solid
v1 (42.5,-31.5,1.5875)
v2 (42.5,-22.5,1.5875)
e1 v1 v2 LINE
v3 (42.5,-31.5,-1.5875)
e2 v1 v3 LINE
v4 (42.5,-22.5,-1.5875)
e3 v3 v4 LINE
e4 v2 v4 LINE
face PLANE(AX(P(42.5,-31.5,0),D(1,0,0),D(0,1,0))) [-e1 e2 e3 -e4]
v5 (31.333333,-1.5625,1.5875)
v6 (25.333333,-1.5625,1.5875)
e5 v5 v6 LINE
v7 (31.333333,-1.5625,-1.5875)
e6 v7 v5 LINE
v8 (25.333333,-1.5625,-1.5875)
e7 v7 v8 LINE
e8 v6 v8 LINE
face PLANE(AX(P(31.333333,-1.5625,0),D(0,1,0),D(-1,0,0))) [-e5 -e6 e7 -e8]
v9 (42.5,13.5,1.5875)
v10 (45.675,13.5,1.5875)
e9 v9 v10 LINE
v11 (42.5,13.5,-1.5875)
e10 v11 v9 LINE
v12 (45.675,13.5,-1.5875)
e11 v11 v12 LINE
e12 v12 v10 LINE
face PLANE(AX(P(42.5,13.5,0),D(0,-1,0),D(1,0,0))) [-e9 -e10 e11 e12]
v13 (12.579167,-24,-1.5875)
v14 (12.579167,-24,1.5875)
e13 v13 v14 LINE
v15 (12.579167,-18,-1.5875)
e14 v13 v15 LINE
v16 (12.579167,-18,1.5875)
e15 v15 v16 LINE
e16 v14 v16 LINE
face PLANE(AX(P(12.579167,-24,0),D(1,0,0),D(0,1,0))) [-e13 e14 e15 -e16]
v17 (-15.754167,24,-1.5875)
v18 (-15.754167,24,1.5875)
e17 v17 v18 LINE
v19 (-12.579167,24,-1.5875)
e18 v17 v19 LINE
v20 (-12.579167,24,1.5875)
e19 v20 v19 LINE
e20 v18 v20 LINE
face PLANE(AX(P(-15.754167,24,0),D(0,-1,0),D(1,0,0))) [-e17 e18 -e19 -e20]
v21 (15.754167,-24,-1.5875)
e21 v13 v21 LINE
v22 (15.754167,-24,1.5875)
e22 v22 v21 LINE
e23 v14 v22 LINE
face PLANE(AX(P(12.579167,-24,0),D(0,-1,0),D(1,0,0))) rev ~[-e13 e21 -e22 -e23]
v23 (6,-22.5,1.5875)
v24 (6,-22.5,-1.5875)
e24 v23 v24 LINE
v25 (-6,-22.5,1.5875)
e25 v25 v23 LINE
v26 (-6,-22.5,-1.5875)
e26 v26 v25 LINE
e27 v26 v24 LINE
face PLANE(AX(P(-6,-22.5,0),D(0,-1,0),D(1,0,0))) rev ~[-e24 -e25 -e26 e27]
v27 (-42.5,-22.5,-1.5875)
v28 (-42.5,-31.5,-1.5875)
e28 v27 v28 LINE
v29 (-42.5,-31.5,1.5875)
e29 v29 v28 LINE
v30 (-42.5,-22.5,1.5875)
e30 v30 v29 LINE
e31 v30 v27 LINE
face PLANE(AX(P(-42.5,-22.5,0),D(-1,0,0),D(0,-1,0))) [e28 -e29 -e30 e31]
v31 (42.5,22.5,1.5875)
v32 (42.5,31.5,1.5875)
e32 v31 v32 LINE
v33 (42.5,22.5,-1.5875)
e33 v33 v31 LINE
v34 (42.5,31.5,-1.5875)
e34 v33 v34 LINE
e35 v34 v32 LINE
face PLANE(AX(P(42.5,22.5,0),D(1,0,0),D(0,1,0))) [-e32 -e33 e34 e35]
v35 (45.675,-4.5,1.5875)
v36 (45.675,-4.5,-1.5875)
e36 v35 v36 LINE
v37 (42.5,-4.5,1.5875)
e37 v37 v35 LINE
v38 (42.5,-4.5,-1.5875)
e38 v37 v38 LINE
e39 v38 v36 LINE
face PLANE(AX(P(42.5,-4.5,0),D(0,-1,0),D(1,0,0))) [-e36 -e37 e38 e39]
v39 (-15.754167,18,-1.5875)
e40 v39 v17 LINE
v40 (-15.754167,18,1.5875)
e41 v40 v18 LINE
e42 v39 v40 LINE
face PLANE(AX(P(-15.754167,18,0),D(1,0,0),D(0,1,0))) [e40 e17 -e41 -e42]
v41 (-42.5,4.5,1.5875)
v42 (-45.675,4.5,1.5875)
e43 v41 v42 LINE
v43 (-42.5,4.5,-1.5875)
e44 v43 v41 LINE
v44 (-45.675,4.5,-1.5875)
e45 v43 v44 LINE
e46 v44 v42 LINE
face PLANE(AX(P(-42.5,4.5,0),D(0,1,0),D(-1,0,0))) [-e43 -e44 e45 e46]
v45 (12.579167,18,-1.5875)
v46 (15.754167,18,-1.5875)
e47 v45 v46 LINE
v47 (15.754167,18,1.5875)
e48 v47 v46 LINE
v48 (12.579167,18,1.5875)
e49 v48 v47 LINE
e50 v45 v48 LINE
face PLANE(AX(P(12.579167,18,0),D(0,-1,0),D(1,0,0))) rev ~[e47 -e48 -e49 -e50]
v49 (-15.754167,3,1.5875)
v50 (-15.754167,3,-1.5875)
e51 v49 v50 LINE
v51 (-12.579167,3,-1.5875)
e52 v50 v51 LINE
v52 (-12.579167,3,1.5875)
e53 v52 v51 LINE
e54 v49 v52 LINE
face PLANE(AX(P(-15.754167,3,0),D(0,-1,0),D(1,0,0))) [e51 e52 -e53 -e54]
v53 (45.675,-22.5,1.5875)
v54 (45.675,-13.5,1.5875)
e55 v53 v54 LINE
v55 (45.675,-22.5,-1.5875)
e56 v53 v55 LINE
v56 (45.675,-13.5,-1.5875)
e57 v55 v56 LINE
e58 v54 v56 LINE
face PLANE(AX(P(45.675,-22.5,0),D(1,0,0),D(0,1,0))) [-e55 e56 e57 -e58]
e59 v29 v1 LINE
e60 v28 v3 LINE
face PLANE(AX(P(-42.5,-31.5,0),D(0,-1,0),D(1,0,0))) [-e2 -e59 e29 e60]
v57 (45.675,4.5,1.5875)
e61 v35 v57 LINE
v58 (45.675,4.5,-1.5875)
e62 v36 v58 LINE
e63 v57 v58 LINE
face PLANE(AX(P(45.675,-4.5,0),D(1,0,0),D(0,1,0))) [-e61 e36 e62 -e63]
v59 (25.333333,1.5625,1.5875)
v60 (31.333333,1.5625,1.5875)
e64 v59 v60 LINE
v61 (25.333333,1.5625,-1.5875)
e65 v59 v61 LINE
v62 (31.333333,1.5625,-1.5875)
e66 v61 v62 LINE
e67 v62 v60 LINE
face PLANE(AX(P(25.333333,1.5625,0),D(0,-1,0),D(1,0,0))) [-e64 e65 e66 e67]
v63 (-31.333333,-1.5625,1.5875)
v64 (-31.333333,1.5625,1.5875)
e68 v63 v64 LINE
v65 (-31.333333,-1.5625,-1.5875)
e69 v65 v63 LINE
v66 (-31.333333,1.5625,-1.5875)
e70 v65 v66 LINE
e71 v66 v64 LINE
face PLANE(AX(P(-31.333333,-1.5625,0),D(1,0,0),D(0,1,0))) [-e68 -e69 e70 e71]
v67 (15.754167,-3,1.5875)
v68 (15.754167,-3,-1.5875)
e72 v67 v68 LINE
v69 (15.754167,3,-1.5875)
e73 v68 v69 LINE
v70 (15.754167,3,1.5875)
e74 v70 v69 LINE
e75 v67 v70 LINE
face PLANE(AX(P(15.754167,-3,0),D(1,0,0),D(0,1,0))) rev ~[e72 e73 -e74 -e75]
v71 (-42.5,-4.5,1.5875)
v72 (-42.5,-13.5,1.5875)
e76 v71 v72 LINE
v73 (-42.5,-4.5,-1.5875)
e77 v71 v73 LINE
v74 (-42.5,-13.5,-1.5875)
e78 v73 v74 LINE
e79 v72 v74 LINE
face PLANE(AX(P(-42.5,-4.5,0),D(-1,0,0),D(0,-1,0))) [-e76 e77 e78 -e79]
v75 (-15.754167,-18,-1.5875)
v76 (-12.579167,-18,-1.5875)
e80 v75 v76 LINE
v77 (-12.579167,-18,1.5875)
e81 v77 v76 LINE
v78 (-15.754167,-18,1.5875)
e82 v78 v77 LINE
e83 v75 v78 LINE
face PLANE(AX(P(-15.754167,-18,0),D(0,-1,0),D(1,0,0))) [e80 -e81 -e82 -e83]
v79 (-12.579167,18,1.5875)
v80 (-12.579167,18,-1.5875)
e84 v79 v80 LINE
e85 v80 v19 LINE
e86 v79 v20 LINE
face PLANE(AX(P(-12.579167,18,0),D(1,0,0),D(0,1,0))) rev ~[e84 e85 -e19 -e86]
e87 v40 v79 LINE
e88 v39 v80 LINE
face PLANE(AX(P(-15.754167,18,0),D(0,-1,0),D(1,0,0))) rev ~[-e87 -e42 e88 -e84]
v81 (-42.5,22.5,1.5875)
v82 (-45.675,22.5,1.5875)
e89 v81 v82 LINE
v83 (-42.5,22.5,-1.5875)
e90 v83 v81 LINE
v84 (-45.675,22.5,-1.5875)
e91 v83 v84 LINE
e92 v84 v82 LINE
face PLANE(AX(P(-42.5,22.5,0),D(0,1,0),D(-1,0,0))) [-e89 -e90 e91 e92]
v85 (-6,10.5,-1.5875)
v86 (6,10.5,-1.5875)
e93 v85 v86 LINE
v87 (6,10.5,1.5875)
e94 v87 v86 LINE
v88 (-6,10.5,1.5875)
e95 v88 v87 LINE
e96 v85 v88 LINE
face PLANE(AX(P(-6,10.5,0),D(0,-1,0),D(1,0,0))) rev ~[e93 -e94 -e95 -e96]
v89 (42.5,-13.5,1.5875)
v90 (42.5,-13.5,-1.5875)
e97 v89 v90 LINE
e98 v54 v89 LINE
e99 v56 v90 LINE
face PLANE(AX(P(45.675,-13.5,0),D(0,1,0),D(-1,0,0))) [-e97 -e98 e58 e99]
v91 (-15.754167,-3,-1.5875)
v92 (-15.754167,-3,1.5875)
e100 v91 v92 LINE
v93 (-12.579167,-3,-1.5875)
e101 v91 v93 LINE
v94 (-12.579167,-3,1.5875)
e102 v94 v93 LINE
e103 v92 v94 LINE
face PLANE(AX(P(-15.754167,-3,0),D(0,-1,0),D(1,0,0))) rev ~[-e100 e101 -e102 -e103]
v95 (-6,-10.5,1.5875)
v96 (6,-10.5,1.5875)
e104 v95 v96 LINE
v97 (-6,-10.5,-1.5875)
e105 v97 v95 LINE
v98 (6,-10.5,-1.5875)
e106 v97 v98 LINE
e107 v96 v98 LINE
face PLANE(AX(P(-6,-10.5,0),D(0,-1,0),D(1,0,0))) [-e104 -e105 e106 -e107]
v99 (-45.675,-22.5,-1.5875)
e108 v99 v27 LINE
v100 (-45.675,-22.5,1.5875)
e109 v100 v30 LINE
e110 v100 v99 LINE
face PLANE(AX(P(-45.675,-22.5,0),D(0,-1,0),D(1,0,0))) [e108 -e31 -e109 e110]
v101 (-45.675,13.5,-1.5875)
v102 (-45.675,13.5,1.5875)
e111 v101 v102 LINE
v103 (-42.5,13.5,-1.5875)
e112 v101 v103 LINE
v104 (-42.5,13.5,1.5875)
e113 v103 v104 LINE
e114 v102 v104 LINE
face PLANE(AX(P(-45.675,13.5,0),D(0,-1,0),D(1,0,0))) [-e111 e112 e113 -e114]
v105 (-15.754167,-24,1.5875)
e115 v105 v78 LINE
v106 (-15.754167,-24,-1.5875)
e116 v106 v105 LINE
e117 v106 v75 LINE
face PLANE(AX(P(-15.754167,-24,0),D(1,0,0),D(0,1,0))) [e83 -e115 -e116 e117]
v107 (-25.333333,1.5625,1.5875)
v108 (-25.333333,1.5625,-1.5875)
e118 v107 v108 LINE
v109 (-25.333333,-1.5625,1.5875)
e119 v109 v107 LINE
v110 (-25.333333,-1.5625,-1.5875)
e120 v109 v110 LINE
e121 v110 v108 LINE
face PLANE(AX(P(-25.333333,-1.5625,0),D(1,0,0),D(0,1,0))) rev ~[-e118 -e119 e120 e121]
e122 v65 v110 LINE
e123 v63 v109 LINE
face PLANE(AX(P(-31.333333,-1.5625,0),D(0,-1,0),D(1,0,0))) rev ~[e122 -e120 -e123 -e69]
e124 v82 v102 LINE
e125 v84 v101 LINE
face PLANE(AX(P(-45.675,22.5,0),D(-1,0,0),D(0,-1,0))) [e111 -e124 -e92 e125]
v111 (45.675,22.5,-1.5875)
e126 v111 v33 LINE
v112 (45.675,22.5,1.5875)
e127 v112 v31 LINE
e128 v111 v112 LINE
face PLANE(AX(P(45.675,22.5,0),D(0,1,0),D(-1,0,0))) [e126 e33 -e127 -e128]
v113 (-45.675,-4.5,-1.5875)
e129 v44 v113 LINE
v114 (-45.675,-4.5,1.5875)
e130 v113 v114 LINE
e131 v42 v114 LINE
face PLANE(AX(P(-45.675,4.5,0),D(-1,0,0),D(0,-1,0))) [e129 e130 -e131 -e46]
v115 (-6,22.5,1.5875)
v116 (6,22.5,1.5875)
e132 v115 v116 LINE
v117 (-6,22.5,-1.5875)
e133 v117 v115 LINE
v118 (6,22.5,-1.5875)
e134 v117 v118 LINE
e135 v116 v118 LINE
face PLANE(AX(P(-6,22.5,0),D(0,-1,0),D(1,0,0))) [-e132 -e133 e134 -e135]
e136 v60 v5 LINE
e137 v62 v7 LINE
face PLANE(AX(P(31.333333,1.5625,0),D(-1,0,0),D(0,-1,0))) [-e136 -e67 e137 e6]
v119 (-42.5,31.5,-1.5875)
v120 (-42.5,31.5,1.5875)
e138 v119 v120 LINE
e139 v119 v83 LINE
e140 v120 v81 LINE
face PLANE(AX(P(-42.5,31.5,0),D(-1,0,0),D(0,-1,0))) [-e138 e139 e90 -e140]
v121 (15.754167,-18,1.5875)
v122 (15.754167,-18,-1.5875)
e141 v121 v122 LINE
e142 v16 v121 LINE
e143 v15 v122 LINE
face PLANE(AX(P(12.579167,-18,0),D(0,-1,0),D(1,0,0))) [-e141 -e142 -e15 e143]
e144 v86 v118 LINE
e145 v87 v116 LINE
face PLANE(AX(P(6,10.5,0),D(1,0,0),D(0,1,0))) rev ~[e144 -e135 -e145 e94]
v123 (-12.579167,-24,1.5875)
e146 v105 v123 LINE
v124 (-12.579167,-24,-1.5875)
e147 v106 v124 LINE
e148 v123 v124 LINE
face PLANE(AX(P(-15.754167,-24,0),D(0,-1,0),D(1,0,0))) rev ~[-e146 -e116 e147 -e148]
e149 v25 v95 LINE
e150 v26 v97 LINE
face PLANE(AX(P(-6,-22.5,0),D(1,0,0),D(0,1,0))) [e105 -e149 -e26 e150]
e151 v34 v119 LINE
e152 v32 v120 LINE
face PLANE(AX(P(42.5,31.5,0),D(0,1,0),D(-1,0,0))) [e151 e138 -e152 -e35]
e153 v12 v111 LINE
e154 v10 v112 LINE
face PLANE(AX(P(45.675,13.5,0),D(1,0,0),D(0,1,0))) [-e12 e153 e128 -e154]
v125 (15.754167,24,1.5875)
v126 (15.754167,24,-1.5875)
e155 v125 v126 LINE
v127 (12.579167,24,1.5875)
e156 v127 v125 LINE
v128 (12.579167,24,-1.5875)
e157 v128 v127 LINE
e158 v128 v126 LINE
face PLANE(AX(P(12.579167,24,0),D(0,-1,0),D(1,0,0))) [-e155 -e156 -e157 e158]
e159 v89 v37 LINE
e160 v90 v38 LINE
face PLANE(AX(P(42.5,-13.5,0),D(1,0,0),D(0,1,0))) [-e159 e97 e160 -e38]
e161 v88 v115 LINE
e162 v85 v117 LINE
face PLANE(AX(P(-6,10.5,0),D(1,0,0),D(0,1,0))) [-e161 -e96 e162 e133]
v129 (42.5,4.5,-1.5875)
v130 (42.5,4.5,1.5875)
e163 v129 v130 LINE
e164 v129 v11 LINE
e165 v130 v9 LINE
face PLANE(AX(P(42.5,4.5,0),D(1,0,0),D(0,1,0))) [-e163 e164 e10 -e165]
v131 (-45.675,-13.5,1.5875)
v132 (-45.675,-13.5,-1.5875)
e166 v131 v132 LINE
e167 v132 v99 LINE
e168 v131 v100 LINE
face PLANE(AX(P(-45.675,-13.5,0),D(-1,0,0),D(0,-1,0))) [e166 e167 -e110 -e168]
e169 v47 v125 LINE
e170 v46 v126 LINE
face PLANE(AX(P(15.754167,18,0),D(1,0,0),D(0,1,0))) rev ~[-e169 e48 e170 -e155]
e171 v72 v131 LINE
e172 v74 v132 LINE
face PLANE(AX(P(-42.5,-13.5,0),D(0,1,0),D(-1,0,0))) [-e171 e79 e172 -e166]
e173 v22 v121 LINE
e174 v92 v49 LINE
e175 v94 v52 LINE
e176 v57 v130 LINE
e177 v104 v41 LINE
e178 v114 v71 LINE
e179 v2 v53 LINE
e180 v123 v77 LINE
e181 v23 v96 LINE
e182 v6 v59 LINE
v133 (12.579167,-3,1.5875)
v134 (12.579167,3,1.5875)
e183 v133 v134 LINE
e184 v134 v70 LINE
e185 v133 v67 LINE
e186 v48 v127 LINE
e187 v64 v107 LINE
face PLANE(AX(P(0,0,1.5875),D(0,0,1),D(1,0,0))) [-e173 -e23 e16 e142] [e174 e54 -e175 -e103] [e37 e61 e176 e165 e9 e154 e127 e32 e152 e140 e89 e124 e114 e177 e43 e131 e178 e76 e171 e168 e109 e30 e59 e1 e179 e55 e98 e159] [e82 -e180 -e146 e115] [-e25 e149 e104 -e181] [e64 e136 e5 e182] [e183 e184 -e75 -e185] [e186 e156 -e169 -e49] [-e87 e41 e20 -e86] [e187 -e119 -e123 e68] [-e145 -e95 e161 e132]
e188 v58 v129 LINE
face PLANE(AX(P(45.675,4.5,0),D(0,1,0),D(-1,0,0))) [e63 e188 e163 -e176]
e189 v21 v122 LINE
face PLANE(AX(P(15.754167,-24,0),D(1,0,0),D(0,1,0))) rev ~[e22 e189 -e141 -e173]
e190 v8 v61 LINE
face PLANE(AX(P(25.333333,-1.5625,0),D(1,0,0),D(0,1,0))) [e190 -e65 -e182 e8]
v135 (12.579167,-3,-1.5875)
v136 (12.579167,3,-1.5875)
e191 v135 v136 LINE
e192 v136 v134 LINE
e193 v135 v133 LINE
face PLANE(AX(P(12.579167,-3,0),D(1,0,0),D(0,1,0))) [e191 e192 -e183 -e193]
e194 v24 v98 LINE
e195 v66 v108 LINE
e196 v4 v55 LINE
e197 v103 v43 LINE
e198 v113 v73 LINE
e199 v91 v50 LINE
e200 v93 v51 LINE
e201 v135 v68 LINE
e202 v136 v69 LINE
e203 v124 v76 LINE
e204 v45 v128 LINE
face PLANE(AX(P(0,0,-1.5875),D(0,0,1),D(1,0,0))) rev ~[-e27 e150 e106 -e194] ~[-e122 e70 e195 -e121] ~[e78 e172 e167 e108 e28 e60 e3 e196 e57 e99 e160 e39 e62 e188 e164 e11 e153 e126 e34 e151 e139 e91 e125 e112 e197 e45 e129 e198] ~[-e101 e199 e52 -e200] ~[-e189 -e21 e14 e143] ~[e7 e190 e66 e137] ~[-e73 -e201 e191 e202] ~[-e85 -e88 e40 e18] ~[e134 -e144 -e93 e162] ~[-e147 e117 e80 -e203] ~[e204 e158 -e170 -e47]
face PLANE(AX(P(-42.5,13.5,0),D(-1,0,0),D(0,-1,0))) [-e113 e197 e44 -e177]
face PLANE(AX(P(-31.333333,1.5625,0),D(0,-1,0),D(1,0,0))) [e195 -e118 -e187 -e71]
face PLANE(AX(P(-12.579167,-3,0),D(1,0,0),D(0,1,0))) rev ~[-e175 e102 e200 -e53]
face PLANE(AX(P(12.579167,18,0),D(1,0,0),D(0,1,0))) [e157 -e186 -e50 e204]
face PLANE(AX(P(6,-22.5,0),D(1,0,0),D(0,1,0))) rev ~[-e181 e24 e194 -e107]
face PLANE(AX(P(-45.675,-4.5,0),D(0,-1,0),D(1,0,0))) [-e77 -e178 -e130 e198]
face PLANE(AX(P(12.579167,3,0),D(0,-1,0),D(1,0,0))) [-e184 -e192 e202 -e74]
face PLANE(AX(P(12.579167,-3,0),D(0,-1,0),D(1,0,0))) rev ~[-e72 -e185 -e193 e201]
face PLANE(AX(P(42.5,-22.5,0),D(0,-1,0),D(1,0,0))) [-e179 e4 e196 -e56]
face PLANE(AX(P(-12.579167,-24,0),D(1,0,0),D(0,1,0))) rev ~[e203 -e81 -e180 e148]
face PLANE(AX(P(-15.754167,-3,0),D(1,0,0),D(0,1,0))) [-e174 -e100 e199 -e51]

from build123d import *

# Parameters (mm, degrees)
SKETCH1_W           = 12
SKETCH1_H           = 12
SKETCH1_W_2         = 3.175
SKETCH1_H_2         = 6
SKETCH1_W_3         = 6
SKETCH1_H_3         = 3.125
BOSS_EXTRUDE1_DEPTH = 1.5875


with BuildPart() as part:
    # Sketch1 → Boss-Extrude1 (new, symmetric)
    with BuildSketch(Plane.XY):
        Polygon((45.675, 0), (45.675, 4.5), (42.5, 4.5), (42.5, 13.5), (45.675, 13.5), (45.675, 22.5), (42.5, 22.5), (42.5, 31.5), (-42.5, 31.5), (-42.5, 22.5), (-45.675, 22.5), (-45.675, 13.5), (-42.5, 13.5), (-42.5, 4.5), (-45.675, 4.5), (-45.675, -4.5), (-42.5, -4.5), (-42.5, -13.5), (-45.675, -13.5), (-45.675, -22.5), (-42.5, -22.5), (-42.5, -31.5), (42.5, -31.5), (42.5, -22.5), (45.675, -22.5), (45.675, -13.5), (42.5, -13.5), (42.5, -4.5), (45.675, -4.5), align=None)
        with Locations((0, -16.5)):
            Rectangle(SKETCH1_W, SKETCH1_H, mode=Mode.SUBTRACT)
        with Locations((0, 16.5)):
            Rectangle(SKETCH1_W, SKETCH1_H, mode=Mode.SUBTRACT)
        with Locations((14.166666667, -21)):
            Rectangle(SKETCH1_W_2, SKETCH1_H_2, mode=Mode.SUBTRACT)
        with Locations((14.166666667, 0)):
            Rectangle(SKETCH1_W_2, SKETCH1_H_2, mode=Mode.SUBTRACT)
        Polygon((31.333333333, 1.5625), (31.333333333, 0), (31.333333333, -1.5625), (25.333333333, -1.5625), (25.333333333, 1.5625), align=None, mode=Mode.SUBTRACT)
        with Locations((14.166666667, 21)):
            Rectangle(SKETCH1_W_2, SKETCH1_H_2, mode=Mode.SUBTRACT)
        with Locations((-14.166666667, 21)):
            Rectangle(SKETCH1_W_2, SKETCH1_H_2, mode=Mode.SUBTRACT)
        with Locations((-14.166666667, -21)):
            Rectangle(SKETCH1_W_2, SKETCH1_H_2, mode=Mode.SUBTRACT)
        with Locations((-28.333333333, 0)):
            Rectangle(SKETCH1_W_3, SKETCH1_H_3, mode=Mode.SUBTRACT)
        with Locations((-14.166666667, 0)):
            Rectangle(SKETCH1_W_2, SKETCH1_H_2, mode=Mode.SUBTRACT)
    extrude(amount=BOSS_EXTRUDE1_DEPTH, both=True)


solid = part.part
